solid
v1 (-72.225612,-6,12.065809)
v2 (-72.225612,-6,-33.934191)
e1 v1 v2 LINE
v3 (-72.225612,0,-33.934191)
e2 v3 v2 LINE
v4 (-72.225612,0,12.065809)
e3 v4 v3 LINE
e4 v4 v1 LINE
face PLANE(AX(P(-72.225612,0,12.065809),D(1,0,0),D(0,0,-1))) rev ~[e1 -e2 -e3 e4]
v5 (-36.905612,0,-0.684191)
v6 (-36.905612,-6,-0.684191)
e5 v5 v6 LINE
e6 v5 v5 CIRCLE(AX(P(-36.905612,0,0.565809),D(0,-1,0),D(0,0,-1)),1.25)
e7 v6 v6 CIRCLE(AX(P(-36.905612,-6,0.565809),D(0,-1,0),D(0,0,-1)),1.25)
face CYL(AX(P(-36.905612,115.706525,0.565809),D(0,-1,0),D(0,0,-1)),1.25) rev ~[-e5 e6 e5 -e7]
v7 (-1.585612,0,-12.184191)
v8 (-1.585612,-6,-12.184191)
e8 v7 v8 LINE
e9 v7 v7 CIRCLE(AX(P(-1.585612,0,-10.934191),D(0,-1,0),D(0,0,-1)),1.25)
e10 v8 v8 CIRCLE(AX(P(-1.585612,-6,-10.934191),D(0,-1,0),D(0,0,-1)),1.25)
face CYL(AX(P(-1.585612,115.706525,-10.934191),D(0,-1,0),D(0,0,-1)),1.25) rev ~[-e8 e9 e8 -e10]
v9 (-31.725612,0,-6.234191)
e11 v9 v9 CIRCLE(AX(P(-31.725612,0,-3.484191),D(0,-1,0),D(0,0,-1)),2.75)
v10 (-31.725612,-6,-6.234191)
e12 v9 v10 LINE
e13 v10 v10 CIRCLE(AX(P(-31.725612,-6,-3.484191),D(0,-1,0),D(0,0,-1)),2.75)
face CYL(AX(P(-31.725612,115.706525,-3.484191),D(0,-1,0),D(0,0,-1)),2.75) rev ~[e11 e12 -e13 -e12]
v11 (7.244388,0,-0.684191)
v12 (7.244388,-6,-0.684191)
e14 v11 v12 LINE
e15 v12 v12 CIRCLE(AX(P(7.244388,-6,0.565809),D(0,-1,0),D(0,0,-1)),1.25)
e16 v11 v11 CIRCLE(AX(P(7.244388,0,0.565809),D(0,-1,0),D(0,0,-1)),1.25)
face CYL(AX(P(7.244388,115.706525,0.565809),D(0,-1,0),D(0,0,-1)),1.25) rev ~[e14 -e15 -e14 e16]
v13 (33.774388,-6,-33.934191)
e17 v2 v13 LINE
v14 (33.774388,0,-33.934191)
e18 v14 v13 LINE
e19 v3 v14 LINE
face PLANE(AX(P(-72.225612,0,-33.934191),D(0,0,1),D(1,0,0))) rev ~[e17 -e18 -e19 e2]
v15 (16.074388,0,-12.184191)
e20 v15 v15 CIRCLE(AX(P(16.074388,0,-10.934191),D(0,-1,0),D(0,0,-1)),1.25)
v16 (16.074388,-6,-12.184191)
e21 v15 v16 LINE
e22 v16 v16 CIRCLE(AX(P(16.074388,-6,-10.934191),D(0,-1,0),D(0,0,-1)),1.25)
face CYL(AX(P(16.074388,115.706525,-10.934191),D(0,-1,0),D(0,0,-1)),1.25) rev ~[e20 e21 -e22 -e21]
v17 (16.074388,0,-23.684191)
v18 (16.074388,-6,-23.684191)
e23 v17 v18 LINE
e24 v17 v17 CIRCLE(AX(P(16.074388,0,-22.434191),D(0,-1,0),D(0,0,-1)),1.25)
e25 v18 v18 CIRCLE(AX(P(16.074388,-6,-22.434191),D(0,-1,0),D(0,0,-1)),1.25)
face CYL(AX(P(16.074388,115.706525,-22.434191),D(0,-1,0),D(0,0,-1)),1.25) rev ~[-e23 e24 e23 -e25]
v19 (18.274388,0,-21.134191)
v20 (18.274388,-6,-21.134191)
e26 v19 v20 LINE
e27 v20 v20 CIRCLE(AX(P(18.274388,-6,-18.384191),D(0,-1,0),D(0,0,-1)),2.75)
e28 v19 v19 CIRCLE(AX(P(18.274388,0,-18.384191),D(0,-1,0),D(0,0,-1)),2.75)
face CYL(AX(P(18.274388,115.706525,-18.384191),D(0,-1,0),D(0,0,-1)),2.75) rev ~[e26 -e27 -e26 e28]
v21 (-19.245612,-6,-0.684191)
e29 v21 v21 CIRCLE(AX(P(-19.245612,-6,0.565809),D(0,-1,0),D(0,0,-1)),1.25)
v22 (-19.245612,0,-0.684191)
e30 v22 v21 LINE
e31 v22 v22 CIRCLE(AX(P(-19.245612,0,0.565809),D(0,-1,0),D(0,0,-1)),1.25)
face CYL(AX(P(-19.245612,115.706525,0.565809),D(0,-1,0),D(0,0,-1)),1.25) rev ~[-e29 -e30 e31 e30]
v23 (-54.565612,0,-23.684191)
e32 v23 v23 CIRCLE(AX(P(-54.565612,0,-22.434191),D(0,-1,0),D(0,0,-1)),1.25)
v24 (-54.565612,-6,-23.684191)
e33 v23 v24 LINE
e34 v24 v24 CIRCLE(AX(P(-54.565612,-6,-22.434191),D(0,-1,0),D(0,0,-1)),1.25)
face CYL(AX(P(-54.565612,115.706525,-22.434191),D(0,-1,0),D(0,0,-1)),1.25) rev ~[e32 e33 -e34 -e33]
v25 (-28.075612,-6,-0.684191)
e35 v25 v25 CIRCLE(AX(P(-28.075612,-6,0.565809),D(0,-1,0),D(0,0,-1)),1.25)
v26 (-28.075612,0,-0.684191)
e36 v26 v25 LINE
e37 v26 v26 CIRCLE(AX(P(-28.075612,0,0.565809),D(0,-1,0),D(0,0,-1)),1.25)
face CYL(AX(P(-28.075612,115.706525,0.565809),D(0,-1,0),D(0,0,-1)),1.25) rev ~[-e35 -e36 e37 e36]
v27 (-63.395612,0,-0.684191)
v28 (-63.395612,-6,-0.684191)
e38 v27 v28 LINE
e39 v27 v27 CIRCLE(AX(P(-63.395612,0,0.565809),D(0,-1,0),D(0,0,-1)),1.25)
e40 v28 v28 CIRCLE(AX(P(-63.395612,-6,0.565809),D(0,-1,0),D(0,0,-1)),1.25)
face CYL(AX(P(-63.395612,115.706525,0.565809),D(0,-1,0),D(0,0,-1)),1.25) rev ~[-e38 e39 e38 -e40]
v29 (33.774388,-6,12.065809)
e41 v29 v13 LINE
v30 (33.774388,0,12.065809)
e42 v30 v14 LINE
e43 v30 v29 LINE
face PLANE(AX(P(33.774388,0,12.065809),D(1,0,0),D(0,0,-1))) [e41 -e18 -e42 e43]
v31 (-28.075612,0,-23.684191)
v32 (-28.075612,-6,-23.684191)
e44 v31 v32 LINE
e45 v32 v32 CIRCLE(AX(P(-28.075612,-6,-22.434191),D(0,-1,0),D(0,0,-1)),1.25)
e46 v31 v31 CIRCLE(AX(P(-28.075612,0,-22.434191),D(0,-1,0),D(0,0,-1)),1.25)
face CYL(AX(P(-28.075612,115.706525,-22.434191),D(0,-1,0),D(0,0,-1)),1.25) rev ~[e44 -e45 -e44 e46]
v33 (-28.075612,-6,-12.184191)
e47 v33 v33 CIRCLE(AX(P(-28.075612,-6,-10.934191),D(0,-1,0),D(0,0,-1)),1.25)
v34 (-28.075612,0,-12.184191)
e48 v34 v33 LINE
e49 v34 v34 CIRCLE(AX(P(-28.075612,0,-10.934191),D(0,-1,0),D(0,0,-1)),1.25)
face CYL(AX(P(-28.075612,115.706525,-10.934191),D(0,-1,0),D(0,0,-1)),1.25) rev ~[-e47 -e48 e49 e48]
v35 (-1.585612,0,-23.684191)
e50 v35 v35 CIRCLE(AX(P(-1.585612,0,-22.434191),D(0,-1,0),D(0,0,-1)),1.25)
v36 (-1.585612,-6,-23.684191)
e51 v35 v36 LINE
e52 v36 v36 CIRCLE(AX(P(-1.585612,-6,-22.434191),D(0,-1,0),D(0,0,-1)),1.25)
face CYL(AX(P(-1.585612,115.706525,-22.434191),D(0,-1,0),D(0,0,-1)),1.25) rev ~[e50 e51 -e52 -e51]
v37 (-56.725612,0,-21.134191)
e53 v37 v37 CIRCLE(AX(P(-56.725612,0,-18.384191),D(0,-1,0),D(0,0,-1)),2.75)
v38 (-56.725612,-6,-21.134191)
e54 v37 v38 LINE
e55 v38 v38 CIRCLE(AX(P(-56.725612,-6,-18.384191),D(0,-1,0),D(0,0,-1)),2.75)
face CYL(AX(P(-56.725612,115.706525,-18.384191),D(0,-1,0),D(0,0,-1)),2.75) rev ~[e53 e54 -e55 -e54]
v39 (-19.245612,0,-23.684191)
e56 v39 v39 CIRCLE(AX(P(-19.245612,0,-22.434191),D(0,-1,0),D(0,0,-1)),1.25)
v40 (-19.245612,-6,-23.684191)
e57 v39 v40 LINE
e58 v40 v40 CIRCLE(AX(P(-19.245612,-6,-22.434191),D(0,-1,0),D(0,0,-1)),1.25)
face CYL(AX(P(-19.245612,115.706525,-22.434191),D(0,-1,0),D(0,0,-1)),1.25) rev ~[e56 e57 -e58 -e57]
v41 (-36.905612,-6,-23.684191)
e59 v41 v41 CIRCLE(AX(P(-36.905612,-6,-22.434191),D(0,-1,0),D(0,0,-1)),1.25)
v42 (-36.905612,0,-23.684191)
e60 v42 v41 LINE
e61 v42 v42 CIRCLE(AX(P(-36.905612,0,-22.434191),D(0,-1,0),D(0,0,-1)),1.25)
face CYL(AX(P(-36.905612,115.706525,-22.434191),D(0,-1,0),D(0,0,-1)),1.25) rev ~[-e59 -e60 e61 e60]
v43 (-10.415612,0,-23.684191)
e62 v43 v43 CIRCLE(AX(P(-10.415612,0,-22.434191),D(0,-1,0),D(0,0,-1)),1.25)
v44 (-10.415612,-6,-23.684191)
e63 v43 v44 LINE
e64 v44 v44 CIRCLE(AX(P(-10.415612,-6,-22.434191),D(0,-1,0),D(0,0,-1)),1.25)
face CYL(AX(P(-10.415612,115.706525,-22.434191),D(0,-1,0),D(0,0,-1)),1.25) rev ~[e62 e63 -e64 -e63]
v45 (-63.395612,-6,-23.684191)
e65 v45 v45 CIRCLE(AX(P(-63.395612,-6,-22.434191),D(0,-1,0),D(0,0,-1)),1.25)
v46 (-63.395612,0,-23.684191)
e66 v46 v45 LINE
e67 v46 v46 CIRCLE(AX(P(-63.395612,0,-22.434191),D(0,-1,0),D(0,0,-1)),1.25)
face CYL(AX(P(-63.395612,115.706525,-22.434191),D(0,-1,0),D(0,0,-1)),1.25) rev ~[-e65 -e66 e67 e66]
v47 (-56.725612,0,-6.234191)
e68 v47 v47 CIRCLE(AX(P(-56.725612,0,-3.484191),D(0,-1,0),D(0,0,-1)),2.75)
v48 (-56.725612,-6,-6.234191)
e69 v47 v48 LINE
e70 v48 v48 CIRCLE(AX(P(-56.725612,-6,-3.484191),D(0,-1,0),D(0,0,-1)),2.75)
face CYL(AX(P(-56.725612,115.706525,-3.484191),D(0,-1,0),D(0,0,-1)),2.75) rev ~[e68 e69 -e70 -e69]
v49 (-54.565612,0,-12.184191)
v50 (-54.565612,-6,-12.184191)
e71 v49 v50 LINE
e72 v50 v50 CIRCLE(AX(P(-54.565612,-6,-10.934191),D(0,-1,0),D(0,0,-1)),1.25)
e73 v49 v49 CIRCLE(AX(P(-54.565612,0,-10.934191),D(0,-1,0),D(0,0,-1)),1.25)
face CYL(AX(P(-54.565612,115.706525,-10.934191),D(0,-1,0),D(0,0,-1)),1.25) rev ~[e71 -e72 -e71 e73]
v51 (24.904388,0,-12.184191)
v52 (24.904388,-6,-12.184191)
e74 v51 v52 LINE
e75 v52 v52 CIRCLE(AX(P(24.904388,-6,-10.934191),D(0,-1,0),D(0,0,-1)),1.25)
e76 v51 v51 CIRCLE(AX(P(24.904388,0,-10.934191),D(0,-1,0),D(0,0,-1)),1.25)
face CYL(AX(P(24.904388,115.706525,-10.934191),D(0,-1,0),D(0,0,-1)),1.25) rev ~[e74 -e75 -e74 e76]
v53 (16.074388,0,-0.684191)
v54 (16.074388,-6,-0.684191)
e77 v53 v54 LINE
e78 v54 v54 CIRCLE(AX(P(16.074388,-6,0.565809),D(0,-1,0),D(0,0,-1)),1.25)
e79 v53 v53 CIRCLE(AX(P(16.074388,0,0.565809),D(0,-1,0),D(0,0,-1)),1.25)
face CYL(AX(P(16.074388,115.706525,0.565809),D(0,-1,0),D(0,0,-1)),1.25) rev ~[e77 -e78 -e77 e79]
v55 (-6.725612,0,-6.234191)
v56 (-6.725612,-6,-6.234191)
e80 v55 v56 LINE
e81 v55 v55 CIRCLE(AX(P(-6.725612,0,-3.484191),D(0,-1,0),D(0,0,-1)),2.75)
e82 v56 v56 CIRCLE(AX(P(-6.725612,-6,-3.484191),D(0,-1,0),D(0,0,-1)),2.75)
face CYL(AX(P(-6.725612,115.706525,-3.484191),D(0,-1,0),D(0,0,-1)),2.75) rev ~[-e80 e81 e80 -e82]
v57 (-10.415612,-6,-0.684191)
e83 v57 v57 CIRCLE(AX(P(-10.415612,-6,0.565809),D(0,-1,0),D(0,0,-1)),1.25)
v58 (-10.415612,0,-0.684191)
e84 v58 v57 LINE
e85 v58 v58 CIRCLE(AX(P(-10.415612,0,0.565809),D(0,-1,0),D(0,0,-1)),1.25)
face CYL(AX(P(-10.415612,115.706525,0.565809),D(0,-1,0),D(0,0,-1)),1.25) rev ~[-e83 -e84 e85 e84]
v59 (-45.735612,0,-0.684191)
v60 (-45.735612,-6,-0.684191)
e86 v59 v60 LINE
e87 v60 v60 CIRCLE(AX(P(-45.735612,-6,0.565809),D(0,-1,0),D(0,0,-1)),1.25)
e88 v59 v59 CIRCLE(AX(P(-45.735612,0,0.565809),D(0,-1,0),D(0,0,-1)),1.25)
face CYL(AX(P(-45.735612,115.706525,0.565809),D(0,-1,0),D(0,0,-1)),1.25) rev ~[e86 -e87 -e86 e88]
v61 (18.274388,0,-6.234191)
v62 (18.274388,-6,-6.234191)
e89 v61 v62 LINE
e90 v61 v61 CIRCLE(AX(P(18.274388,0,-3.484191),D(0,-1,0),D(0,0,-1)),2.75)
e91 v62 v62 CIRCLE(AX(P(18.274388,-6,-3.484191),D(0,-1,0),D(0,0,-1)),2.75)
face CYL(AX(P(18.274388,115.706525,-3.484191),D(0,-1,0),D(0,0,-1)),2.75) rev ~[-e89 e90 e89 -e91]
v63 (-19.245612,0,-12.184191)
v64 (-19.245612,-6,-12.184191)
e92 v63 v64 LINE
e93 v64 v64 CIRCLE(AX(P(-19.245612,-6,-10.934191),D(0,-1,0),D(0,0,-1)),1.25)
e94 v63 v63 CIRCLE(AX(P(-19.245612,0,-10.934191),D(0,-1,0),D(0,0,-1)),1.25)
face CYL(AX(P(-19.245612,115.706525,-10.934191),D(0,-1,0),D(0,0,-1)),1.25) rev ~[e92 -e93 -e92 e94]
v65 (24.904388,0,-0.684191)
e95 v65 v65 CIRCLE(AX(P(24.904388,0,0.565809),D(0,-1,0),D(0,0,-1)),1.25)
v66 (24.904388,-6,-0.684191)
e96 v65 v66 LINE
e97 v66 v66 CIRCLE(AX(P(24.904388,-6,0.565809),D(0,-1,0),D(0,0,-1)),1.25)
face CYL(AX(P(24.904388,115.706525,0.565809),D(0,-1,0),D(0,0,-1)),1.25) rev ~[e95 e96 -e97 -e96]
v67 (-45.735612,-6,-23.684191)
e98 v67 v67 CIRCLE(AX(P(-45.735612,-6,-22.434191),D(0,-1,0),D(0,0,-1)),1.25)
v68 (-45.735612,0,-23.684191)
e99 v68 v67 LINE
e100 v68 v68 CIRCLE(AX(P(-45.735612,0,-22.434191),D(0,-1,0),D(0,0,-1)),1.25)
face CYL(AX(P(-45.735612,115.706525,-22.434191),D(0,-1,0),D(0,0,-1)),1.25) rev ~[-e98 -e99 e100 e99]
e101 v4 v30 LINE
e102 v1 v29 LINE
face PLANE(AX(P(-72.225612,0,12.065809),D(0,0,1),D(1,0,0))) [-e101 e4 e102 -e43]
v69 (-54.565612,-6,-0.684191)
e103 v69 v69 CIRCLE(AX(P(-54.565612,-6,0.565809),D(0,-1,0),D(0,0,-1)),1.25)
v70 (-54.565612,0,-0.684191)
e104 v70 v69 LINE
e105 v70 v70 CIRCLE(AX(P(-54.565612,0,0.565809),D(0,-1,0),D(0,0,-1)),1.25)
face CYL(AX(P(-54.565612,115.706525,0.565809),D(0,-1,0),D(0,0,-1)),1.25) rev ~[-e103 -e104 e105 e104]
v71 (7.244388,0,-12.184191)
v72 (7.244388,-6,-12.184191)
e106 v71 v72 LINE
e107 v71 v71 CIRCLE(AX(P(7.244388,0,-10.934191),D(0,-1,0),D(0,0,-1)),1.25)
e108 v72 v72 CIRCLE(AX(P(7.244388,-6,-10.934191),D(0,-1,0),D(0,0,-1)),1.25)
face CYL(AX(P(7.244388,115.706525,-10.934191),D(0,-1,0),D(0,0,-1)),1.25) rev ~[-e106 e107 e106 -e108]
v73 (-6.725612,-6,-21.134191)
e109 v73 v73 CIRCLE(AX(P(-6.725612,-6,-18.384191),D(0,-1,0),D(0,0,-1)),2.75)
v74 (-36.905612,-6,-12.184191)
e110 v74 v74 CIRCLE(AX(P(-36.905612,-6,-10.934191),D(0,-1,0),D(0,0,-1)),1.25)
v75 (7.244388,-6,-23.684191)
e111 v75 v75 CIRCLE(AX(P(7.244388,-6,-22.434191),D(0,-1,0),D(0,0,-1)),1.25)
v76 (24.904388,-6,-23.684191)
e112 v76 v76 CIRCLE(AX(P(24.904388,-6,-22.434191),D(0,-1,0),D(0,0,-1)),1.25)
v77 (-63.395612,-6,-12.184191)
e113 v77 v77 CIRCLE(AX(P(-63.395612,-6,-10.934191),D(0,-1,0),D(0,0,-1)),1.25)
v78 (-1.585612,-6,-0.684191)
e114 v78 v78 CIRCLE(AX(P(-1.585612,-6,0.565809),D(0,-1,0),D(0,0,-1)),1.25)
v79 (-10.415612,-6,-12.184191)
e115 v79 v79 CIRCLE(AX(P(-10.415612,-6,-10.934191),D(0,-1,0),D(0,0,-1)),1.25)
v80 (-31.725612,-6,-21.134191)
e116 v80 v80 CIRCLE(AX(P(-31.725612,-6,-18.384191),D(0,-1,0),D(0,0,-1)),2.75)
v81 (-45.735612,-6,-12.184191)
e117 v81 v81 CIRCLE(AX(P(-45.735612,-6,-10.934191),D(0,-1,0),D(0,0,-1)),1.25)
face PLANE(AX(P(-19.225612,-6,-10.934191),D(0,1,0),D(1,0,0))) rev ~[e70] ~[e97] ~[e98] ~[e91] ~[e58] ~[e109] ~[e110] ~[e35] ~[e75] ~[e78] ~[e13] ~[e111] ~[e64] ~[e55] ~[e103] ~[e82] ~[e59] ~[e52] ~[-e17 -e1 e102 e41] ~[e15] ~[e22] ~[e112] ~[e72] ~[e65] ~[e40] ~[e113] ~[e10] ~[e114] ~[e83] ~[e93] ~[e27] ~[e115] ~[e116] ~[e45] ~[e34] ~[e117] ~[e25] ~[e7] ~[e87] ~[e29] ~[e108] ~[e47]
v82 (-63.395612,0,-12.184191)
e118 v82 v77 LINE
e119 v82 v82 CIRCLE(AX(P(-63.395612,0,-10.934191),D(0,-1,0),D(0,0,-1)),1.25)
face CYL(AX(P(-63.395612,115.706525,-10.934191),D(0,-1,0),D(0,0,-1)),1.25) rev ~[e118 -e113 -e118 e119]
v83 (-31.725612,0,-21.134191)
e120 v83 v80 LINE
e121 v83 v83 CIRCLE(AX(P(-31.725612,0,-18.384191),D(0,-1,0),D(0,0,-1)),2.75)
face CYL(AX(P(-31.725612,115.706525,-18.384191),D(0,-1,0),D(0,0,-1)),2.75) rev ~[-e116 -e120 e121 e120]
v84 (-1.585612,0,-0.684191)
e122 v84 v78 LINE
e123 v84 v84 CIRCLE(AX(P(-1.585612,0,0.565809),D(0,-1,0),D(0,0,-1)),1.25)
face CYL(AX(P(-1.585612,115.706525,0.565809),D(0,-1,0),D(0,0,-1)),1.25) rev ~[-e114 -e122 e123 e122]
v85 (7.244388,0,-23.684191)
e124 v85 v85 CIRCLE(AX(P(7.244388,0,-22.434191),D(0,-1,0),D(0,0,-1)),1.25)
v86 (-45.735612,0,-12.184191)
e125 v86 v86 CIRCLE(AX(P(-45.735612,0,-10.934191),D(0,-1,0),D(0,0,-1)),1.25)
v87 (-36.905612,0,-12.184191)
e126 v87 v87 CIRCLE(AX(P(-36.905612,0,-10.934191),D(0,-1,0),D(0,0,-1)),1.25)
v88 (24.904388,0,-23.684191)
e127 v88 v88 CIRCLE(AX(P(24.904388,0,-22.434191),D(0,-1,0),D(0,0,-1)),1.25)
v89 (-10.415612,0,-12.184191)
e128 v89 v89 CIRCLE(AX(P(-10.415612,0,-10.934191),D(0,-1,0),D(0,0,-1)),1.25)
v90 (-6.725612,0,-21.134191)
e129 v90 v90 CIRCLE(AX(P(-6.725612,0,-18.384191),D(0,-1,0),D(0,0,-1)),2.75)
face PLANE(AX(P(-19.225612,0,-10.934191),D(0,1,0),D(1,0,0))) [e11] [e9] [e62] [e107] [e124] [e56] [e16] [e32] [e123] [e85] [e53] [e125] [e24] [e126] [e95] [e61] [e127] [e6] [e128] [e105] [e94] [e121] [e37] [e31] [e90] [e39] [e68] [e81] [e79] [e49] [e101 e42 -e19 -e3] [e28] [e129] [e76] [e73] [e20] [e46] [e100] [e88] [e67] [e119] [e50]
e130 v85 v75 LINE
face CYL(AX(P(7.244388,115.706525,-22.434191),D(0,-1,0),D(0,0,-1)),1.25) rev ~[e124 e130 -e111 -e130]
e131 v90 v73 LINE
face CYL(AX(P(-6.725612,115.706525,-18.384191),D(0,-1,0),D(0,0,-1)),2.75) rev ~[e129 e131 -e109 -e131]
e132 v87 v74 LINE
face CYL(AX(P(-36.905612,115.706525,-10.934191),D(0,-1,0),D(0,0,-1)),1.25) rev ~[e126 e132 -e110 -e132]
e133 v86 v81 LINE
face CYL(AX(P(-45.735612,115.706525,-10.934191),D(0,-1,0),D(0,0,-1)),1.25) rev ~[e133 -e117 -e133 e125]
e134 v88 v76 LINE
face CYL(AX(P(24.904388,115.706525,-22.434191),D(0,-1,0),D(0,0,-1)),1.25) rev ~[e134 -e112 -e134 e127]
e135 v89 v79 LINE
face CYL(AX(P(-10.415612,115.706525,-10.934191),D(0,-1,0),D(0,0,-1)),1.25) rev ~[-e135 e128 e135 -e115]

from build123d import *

# Parameters (mm, degrees)
SKETCH1_W                   = 106
SKETCH1_H                   = 46
BOSS_EXTRUDE1_DEPTH         = 6
M5_CLEARANCE_HOLE1_D        = 5.5
TAP_DRILL_FOR_M3X0_5_TAP1_D = 2.5


with BuildPart() as part:
    # Sketch1 → Boss-Extrude1 (new body)
    with BuildSketch(Plane(origin=(0, 0, 0), x_dir=(1, 0, 0), z_dir=(0, 1, 0))):
        with Locations((-19.22561214, 10.934191123)):
            Rectangle(SKETCH1_W, SKETCH1_H)
    extrude(amount=-BOSS_EXTRUDE1_DEPTH)

    # M5 Clearance Hole1 (through all)
    with Locations(Plane(origin=(-56.72561214, 0, -18.384191123), x_dir=(0, 0, 1), z_dir=(0, 1, 0))):
        with Locations((0, 0), (0, 25), (0, 50), (0, 75), (14.9, 75), (14.9, 50), (14.9, 25), (14.9, 0)):
            Hole(M5_CLEARANCE_HOLE1_D / 2)

    # Tap Drill for M3x0.5 Tap1 (through all)
    with Locations(Plane(origin=(-63.39561214, 0, 0.565808877), x_dir=(0, 0, 1), z_dir=(0, 1, 0))):
        with Locations((0, 0), (0, 8.83), (0, 26.49), (0, 35.32), (0, 52.98), (0, 44.15), (0, 17.66), (0, 61.81), (0, 70.64), (0, 79.47), (0, 88.3), (-23, 88.3), (-23, 79.47), (-23, 70.64), (-23, 61.81), (-23, 52.98), (-23, 44.15), (-23, 35.32), (-23, 26.49), (-23, 17.66), (-23, 8.83), (-23, 0), (-11.5, 0), (-11.5, 8.83), (-11.5, 17.66), (-11.5, 26.49), (-11.5, 52.98), (-11.5, 61.81), (-11.5, 79.47), (-11.5, 88.3), (-11.5, 35.32), (-11.5, 70.64), (-11.5, 44.15)):
            Hole(TAP_DRILL_FOR_M3X0_5_TAP1_D / 2)


solid = part.part
